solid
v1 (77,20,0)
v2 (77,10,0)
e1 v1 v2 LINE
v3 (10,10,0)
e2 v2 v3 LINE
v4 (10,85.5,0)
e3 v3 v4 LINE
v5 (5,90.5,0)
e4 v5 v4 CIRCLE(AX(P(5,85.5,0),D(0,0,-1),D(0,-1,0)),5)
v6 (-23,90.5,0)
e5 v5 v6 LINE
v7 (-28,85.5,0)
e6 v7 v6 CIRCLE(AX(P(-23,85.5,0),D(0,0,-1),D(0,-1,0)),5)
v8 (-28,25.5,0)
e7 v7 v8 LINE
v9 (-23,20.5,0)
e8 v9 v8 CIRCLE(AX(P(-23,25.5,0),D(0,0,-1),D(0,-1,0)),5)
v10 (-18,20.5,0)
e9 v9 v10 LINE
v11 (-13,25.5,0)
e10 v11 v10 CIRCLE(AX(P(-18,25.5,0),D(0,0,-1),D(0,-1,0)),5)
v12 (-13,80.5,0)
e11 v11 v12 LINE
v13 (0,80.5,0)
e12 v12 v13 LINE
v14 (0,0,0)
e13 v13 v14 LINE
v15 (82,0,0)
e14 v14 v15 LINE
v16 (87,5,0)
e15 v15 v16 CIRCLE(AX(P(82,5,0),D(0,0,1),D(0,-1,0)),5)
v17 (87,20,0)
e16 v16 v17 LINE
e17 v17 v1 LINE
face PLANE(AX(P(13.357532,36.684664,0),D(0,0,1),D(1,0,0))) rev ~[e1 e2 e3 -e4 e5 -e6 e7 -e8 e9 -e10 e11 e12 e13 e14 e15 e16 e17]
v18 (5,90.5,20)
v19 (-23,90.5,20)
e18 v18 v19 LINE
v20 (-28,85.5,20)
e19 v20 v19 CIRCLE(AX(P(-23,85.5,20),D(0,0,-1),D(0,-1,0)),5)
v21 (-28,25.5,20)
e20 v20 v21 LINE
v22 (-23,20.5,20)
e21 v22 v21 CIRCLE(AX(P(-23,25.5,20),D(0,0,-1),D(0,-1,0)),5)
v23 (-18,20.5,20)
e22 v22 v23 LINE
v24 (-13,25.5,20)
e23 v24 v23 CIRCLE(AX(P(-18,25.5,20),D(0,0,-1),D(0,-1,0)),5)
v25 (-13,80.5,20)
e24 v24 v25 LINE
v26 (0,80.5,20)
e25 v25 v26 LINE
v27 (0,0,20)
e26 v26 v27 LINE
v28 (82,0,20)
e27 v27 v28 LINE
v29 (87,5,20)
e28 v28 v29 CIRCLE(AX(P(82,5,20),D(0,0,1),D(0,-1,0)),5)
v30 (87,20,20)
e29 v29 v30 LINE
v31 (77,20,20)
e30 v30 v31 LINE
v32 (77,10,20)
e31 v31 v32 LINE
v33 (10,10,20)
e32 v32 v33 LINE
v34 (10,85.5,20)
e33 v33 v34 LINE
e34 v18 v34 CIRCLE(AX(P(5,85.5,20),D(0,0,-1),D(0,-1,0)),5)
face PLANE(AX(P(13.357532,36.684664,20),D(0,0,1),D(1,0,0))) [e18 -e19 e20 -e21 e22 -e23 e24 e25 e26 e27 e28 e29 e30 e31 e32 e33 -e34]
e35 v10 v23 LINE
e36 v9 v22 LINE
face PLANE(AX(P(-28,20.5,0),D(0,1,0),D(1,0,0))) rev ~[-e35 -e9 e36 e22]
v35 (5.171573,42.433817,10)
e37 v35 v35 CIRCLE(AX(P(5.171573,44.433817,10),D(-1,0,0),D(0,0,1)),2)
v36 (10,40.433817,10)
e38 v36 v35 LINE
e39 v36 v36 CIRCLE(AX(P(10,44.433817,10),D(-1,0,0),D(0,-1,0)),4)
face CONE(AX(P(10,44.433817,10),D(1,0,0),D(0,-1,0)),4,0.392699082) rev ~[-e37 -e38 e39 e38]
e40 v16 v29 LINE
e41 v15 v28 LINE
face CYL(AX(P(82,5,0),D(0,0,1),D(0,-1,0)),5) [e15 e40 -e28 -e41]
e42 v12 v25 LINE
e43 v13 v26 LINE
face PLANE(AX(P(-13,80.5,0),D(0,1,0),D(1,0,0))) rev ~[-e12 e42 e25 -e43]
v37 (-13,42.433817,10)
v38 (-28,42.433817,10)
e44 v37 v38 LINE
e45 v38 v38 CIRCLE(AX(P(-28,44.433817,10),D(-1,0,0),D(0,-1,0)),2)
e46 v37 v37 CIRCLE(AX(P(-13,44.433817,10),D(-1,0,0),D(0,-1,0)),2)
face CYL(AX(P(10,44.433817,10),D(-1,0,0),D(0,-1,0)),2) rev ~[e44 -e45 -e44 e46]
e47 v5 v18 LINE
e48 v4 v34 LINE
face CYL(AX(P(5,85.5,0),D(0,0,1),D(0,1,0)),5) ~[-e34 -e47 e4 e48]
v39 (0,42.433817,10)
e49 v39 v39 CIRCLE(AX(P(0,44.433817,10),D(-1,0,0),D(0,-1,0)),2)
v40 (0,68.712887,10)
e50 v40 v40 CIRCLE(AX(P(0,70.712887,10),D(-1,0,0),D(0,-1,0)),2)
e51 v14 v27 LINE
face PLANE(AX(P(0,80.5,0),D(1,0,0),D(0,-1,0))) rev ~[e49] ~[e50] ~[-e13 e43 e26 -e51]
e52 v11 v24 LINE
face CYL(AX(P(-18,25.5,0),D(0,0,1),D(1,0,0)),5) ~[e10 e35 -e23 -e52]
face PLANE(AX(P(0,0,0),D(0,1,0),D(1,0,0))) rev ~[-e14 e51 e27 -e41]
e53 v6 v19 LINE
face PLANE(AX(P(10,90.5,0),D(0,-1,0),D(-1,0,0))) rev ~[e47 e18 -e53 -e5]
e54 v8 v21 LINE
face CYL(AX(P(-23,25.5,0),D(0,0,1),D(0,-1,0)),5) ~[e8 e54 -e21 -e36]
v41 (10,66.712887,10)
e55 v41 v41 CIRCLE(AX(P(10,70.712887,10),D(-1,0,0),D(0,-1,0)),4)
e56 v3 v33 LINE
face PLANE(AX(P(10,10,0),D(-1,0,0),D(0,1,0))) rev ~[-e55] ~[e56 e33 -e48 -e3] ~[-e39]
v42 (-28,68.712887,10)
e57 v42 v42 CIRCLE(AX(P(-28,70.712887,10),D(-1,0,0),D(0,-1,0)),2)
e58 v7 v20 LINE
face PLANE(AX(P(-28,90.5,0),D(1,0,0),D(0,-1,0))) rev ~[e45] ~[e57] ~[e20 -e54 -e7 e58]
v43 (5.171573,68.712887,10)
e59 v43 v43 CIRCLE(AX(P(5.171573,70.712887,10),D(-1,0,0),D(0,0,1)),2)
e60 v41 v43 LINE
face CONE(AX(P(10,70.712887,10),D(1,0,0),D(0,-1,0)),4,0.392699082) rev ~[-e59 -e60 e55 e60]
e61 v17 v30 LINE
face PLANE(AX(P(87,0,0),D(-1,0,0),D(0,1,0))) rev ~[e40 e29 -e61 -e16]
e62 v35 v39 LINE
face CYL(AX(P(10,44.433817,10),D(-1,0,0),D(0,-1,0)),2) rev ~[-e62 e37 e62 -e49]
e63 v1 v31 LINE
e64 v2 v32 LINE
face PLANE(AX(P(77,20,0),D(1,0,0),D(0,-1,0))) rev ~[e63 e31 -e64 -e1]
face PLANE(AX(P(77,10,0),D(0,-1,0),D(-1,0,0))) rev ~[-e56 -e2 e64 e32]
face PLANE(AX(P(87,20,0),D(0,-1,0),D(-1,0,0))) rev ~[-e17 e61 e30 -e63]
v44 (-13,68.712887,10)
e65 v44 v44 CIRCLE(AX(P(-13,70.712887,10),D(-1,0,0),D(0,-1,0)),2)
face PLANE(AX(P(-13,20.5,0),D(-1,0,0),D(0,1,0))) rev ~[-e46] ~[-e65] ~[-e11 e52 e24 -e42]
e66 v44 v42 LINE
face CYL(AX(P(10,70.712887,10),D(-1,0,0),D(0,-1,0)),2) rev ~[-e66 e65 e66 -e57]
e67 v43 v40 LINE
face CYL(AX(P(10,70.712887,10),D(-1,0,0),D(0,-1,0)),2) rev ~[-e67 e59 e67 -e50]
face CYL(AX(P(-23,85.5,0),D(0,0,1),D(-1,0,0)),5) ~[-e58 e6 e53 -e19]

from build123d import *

# Parameters (mm, degrees)
F1_DEPTH       = 20
F2_R           = 5
F3_R           = 5
F4_R           = 5
F6_D           = 4
F6_CSINK_D     = 8
F6_CSINK_ANGLE = 45


with BuildPart() as f1:
    # F0 (on Top) → F1 (new body)
    with BuildSketch(Plane.XY):
        Polygon((0, 80.5), (0, 0), (87, 0), (87, 20), (77, 20), (77, 10), (10, 10), (10, 90.5), (-28, 90.5), (-28, 20.5), (-13, 20.5), (-13, 80.5), align=None)
    extrude(amount=F1_DEPTH)

    # F2
    f2_edges = [f1.edges().sort_by_distance(p)[0] for p in [
        (87, 0, 10),
    ]]
    fillet(f2_edges, radius=F2_R)

    # F3
    f3_edges = [f1.edges().sort_by_distance(p)[0] for p in [
        (-13, 20.5, 10),
        (-28, 20.5, 10),
    ]]
    fillet(f3_edges, radius=F3_R)

    # F4
    f4_edges = [f1.edges().sort_by_distance(p)[0] for p in [
        (-28, 90.5, 10),
        (10, 90.5, 10),
    ]]
    fillet(f4_edges, radius=F4_R)

    # F6 (through all)
    with Locations(Plane.YZ.offset(10)):
        with Locations((70.712887, 10), (44.433817, 10)):
            CounterSinkHole(F6_D / 2, F6_CSINK_D / 2, counter_sink_angle=F6_CSINK_ANGLE)


solid = f1.part
